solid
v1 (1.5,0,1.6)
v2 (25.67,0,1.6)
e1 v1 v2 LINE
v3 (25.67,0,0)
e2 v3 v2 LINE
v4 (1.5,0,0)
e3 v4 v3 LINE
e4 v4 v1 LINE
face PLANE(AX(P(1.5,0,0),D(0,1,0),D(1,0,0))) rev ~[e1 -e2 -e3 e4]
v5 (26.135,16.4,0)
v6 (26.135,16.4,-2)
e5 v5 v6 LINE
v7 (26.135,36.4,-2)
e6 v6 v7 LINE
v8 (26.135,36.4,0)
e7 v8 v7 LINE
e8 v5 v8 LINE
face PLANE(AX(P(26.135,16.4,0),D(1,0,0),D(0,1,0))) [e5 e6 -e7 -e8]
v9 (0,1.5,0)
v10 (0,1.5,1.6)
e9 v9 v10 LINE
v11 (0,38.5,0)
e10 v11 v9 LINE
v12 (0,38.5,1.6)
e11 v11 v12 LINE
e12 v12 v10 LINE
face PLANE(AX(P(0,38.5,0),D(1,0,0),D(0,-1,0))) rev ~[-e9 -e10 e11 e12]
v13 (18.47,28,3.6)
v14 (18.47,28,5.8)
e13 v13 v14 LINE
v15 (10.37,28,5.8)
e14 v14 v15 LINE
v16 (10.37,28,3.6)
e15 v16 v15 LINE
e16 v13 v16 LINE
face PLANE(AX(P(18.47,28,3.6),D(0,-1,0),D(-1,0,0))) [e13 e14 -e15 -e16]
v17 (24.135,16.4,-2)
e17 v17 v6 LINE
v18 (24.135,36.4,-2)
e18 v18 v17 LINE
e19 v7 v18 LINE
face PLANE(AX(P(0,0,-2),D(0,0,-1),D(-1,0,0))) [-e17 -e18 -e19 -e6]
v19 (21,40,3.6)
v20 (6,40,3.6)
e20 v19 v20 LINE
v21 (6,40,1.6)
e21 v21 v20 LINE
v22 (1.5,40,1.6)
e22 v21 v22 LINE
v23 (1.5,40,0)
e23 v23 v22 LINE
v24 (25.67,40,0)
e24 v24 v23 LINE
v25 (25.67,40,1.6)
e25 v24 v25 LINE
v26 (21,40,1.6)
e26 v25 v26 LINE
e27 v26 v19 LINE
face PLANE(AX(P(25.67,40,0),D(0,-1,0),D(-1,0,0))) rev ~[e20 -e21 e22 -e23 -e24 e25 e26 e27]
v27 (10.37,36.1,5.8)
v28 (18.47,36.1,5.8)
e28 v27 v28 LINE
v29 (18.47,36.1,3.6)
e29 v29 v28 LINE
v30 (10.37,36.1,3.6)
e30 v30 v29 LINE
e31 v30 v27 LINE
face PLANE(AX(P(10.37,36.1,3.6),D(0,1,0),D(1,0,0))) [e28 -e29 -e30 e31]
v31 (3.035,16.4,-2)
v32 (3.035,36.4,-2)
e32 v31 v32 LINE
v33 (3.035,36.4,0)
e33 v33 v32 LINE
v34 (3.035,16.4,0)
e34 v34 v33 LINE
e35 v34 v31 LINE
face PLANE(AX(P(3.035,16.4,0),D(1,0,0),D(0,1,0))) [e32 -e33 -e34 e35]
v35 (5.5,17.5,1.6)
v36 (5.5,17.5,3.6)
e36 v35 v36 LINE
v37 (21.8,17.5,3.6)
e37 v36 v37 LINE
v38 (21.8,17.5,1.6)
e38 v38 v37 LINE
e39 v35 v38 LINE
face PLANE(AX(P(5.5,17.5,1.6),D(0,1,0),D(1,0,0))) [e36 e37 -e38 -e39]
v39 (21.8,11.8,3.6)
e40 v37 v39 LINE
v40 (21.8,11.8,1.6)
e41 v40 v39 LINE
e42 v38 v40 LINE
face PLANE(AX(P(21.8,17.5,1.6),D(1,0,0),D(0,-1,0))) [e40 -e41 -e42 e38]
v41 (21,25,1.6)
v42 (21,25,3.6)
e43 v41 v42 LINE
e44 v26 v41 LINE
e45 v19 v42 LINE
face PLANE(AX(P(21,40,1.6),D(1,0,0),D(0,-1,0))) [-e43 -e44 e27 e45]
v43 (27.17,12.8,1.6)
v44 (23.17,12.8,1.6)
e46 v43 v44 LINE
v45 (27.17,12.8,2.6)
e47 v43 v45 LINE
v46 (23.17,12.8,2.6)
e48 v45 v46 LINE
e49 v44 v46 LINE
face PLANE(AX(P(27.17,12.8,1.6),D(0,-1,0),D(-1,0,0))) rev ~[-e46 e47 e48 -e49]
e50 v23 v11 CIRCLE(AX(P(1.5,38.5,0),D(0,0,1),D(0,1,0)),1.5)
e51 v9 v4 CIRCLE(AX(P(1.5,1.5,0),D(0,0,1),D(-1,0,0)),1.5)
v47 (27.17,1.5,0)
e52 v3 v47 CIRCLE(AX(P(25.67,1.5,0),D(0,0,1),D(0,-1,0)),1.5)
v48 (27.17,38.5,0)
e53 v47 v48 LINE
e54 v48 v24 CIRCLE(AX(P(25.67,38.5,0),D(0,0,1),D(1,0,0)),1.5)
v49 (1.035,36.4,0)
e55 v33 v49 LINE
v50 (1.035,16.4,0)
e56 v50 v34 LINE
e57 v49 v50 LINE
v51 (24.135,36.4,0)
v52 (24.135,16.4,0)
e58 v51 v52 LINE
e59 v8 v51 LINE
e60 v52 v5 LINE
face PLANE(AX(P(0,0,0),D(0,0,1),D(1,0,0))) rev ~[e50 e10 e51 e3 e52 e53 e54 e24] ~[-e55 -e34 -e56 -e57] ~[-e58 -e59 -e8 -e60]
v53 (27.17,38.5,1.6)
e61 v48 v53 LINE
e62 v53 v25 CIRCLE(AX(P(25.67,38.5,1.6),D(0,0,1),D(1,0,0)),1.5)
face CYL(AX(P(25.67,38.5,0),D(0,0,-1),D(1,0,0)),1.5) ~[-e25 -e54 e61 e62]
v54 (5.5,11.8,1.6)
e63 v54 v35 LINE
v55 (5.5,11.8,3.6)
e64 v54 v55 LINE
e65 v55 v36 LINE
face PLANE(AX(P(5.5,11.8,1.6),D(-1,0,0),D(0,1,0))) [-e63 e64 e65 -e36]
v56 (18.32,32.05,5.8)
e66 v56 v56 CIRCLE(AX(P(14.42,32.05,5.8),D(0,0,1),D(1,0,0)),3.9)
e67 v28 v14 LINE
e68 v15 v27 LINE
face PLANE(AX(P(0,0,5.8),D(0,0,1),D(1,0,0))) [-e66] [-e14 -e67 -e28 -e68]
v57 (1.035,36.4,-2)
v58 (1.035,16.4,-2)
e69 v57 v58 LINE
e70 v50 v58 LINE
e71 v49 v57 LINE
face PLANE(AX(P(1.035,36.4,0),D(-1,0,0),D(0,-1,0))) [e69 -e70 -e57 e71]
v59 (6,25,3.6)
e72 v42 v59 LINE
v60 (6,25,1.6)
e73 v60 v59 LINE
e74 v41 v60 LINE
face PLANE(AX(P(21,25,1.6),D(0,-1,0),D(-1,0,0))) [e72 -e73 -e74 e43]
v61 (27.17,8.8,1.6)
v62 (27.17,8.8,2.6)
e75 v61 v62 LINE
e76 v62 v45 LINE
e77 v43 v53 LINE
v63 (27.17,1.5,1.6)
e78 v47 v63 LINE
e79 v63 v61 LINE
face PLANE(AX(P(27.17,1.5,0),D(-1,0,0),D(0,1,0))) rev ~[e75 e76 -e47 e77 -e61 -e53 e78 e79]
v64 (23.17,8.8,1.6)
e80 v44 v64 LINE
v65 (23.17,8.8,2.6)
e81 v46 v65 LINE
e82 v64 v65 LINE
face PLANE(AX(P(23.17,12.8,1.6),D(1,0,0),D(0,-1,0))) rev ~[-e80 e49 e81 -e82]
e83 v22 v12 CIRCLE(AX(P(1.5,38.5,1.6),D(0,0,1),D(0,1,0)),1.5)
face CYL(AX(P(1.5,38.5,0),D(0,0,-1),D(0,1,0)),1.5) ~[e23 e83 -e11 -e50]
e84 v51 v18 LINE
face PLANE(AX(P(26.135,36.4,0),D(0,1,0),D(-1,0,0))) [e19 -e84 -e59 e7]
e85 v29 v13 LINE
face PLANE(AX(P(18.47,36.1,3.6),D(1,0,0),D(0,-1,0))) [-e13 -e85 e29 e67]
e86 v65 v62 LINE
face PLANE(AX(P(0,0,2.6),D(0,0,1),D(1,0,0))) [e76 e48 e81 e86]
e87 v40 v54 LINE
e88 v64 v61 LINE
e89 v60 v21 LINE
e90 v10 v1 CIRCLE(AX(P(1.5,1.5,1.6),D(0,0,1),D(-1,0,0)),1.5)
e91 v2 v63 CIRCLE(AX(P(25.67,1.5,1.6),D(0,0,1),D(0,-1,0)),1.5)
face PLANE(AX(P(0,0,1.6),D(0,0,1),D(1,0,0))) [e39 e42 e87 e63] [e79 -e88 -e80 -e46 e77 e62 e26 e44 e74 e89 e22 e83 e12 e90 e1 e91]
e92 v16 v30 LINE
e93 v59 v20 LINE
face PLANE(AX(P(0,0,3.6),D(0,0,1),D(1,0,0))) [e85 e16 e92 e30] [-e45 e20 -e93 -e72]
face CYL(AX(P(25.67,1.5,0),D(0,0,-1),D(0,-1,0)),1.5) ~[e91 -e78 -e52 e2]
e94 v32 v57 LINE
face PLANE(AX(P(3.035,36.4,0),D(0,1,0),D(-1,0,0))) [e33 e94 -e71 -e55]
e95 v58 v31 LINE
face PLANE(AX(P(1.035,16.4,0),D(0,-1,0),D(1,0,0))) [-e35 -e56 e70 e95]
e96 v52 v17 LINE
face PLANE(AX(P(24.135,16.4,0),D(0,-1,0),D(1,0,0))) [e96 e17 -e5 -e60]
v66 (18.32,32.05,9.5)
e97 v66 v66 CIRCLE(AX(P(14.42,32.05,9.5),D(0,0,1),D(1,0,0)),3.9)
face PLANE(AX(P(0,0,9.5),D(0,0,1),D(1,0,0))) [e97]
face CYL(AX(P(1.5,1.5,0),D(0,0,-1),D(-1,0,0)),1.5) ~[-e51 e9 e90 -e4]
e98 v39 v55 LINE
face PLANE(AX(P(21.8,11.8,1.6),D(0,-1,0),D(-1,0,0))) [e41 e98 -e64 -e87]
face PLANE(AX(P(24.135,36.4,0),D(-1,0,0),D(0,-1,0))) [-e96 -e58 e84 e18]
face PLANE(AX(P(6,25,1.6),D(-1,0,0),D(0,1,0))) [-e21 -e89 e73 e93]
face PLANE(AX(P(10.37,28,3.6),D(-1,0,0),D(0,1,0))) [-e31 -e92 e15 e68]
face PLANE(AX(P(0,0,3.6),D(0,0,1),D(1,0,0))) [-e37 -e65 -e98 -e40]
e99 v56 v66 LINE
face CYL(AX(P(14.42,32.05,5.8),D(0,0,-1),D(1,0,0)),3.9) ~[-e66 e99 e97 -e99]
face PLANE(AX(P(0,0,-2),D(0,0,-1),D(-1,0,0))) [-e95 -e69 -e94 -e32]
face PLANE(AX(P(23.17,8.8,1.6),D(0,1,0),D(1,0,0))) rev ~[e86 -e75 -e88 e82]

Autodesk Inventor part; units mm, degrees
ref_plane "YZ Plane" through (0, 0, 0) normal (1, 0, 0) x (0, 1, 0)
ref_plane "XZ Plane" through (0, 0, 0) normal (0, 1, 0) x (-1, 0, 0)
ref_plane "XY Plane" through (0, 0, 0) normal (0, 0, 1) x (1, 0, 0)
sketch "Sketch1" plane through (0, 0, 0) normal (0, 0, 1) x (1, 0, 0)
  line L0 (1.5, 0) -> (25.67, 0)
  line L1 (27.17, 1.5) -> (27.17, 38.5)
  line L2 (25.67, 40) -> (1.5, 40)
  line L3 (0, 38.5) -> (0, 1.5)
  arc A0 (1.5, 40) -> (0, 38.5) centre (1.5, 38.5) ccw
  arc A1 (27.17, 38.5) -> (25.67, 40) centre (25.67, 38.5) ccw
  arc A2 (25.67, 0) -> (27.17, 1.5) centre (25.67, 1.5) ccw
  arc A3 (0, 1.5) -> (1.5, 0) centre (1.5, 1.5) ccw
  point P0 (0, 0)
  point P1 (27.17, 40)
  point P2 (0, 40)
  dimension "d0" = 40
  dimension "d1" = 27.17
  dimension "d2" = 1.5
extrude "Extrusion1" add sketch "Sketch1" along normal blind 1.6
sketch "Sketch2" plane through (0, 0, 1.6) normal (0, 0, 1) x (1, 0, 0)
  line L0 (25.67, 40) -> (1.5, 40) projected
  line L1 (6, 40) -> (21, 40)
  line L2 (21, 40) -> (21, 25)
  line L3 (21, 25) -> (6, 25)
  line L4 (6, 25) -> (6, 40)
  line L5 (0, 38.5) -> (0, 1.5) projected
  line L6 (5.5, 17.5) -> (21.8, 17.5)
  line L7 (21.8, 17.5) -> (21.8, 11.8)
  line L8 (21.8, 11.8) -> (5.5, 11.8)
  line L9 (5.5, 11.8) -> (5.5, 17.5)
  line L10 (1.5, 0) -> (25.67, 0) projected
  line L11 (27.17, 1.5) -> (27.17, 38.5) projected
  line L12 (27.17, 12.8) -> (23.17, 12.8)
  line L13 (23.17, 12.8) -> (23.17, 8.8)
  line L14 (23.17, 8.8) -> (27.17, 8.8)
  line L15 (27.17, 8.8) -> (27.17, 12.8)
  point P0 (0, 0)
  dimension "d5" = 15
  dimension "d6" = 15
  dimension "d7" = 6
  dimension "d8" = 5.7
  dimension "d9" = 16.3
  dimension "d10" = 5.5
  dimension "d11" = 11.8
  dimension "d12" = 4
  dimension "d13" = 4
  dimension "d14" = 8.8
extrude "Extrusion2" add sketch "Sketch2" along normal blind 2 contours L2 L3 L4 L0
extrude "Extrusion3" add sketch "Sketch2" along normal blind 2 contours L6 L7 L8 L9
extrude "Extrusion4" add sketch "Sketch2" along normal blind 1 contours L14 L13 L12 L11
sketch "Sketch3" plane through (0, 0, 3.6) normal (0, 0, 1) x (1, 0, 0)
  line L0 (10.37, 36.1) -> (18.47, 36.1)
  line L1 (18.47, 36.1) -> (18.47, 28)
  line L2 (18.47, 28) -> (10.37, 28)
  line L3 (10.37, 28) -> (10.37, 36.1)
  line L4 (25.67, 40) -> (21, 40) projected
  line L5 (27.17, 12.8) -> (27.17, 38.5) projected
  point P0 (0, 0)
  dimension "d21" = 8.1
  dimension "d22" = 8.1
  dimension "d23" = 3.9
  dimension "d24" = 8.7
extrude "Extrusion5" add sketch "Sketch3" along normal blind 2.2
sketch "Sketch4" plane through (0, 0, 5.8) normal (0, 0, 1) x (1, 0, 0)
  circle A0 centre (14.42, 32.05) radius 3.9
  circle A1 centre (14.42, 32.05) radius 4.05
  line L0 (18.47, 36.1) -> (10.37, 36.1) projected
  line L1 (18.47, 28) -> (18.47, 36.1) projected
  point P0 (0, 0)
  dimension "d27" = 7.8
extrude "Extrusion6" add sketch "Sketch4" along normal blind 3.7 contours A0
sketch "Sketch5" plane through (0, 0, 0) normal (0, 0, -1) x (-1, 0, 0)
  line L0 (-1.035, 16.4) -> (-3.035, 16.4)
  line L1 (-3.035, 16.4) -> (-3.035, 36.4)
  line L2 (-3.035, 36.4) -> (-1.035, 36.4)
  line L3 (-1.035, 36.4) -> (-1.035, 16.4)
  line L4 (-24.135, 16.4) -> (-26.135, 16.4)
  line L5 (-26.135, 16.4) -> (-26.135, 36.4)
  line L6 (-26.135, 36.4) -> (-24.135, 36.4)
  line L7 (-24.135, 36.4) -> (-24.135, 16.4)
  line L8 (0, 38.5) -> (0, 1.5) projected
  line L9 (-27.17, 1.5) -> (-27.17, 38.5) projected
  line L10 (-1.5, 0) -> (-25.67, 0) projected
  line L11 (-25.67, 40) -> (-1.5, 40) projected
  point P0 (0, 0)
  dimension "d30" = 25.1
  dimension "d31" = 2
  dimension "d32" = 1.035
  dimension "d33" = 1.035
  dimension "d36" = 3.6
  dimension "d39" = 20
extrude "Extrusion7" add sketch "Sketch5" along normal blind 2
properties part number "esp32-cam-sp"
